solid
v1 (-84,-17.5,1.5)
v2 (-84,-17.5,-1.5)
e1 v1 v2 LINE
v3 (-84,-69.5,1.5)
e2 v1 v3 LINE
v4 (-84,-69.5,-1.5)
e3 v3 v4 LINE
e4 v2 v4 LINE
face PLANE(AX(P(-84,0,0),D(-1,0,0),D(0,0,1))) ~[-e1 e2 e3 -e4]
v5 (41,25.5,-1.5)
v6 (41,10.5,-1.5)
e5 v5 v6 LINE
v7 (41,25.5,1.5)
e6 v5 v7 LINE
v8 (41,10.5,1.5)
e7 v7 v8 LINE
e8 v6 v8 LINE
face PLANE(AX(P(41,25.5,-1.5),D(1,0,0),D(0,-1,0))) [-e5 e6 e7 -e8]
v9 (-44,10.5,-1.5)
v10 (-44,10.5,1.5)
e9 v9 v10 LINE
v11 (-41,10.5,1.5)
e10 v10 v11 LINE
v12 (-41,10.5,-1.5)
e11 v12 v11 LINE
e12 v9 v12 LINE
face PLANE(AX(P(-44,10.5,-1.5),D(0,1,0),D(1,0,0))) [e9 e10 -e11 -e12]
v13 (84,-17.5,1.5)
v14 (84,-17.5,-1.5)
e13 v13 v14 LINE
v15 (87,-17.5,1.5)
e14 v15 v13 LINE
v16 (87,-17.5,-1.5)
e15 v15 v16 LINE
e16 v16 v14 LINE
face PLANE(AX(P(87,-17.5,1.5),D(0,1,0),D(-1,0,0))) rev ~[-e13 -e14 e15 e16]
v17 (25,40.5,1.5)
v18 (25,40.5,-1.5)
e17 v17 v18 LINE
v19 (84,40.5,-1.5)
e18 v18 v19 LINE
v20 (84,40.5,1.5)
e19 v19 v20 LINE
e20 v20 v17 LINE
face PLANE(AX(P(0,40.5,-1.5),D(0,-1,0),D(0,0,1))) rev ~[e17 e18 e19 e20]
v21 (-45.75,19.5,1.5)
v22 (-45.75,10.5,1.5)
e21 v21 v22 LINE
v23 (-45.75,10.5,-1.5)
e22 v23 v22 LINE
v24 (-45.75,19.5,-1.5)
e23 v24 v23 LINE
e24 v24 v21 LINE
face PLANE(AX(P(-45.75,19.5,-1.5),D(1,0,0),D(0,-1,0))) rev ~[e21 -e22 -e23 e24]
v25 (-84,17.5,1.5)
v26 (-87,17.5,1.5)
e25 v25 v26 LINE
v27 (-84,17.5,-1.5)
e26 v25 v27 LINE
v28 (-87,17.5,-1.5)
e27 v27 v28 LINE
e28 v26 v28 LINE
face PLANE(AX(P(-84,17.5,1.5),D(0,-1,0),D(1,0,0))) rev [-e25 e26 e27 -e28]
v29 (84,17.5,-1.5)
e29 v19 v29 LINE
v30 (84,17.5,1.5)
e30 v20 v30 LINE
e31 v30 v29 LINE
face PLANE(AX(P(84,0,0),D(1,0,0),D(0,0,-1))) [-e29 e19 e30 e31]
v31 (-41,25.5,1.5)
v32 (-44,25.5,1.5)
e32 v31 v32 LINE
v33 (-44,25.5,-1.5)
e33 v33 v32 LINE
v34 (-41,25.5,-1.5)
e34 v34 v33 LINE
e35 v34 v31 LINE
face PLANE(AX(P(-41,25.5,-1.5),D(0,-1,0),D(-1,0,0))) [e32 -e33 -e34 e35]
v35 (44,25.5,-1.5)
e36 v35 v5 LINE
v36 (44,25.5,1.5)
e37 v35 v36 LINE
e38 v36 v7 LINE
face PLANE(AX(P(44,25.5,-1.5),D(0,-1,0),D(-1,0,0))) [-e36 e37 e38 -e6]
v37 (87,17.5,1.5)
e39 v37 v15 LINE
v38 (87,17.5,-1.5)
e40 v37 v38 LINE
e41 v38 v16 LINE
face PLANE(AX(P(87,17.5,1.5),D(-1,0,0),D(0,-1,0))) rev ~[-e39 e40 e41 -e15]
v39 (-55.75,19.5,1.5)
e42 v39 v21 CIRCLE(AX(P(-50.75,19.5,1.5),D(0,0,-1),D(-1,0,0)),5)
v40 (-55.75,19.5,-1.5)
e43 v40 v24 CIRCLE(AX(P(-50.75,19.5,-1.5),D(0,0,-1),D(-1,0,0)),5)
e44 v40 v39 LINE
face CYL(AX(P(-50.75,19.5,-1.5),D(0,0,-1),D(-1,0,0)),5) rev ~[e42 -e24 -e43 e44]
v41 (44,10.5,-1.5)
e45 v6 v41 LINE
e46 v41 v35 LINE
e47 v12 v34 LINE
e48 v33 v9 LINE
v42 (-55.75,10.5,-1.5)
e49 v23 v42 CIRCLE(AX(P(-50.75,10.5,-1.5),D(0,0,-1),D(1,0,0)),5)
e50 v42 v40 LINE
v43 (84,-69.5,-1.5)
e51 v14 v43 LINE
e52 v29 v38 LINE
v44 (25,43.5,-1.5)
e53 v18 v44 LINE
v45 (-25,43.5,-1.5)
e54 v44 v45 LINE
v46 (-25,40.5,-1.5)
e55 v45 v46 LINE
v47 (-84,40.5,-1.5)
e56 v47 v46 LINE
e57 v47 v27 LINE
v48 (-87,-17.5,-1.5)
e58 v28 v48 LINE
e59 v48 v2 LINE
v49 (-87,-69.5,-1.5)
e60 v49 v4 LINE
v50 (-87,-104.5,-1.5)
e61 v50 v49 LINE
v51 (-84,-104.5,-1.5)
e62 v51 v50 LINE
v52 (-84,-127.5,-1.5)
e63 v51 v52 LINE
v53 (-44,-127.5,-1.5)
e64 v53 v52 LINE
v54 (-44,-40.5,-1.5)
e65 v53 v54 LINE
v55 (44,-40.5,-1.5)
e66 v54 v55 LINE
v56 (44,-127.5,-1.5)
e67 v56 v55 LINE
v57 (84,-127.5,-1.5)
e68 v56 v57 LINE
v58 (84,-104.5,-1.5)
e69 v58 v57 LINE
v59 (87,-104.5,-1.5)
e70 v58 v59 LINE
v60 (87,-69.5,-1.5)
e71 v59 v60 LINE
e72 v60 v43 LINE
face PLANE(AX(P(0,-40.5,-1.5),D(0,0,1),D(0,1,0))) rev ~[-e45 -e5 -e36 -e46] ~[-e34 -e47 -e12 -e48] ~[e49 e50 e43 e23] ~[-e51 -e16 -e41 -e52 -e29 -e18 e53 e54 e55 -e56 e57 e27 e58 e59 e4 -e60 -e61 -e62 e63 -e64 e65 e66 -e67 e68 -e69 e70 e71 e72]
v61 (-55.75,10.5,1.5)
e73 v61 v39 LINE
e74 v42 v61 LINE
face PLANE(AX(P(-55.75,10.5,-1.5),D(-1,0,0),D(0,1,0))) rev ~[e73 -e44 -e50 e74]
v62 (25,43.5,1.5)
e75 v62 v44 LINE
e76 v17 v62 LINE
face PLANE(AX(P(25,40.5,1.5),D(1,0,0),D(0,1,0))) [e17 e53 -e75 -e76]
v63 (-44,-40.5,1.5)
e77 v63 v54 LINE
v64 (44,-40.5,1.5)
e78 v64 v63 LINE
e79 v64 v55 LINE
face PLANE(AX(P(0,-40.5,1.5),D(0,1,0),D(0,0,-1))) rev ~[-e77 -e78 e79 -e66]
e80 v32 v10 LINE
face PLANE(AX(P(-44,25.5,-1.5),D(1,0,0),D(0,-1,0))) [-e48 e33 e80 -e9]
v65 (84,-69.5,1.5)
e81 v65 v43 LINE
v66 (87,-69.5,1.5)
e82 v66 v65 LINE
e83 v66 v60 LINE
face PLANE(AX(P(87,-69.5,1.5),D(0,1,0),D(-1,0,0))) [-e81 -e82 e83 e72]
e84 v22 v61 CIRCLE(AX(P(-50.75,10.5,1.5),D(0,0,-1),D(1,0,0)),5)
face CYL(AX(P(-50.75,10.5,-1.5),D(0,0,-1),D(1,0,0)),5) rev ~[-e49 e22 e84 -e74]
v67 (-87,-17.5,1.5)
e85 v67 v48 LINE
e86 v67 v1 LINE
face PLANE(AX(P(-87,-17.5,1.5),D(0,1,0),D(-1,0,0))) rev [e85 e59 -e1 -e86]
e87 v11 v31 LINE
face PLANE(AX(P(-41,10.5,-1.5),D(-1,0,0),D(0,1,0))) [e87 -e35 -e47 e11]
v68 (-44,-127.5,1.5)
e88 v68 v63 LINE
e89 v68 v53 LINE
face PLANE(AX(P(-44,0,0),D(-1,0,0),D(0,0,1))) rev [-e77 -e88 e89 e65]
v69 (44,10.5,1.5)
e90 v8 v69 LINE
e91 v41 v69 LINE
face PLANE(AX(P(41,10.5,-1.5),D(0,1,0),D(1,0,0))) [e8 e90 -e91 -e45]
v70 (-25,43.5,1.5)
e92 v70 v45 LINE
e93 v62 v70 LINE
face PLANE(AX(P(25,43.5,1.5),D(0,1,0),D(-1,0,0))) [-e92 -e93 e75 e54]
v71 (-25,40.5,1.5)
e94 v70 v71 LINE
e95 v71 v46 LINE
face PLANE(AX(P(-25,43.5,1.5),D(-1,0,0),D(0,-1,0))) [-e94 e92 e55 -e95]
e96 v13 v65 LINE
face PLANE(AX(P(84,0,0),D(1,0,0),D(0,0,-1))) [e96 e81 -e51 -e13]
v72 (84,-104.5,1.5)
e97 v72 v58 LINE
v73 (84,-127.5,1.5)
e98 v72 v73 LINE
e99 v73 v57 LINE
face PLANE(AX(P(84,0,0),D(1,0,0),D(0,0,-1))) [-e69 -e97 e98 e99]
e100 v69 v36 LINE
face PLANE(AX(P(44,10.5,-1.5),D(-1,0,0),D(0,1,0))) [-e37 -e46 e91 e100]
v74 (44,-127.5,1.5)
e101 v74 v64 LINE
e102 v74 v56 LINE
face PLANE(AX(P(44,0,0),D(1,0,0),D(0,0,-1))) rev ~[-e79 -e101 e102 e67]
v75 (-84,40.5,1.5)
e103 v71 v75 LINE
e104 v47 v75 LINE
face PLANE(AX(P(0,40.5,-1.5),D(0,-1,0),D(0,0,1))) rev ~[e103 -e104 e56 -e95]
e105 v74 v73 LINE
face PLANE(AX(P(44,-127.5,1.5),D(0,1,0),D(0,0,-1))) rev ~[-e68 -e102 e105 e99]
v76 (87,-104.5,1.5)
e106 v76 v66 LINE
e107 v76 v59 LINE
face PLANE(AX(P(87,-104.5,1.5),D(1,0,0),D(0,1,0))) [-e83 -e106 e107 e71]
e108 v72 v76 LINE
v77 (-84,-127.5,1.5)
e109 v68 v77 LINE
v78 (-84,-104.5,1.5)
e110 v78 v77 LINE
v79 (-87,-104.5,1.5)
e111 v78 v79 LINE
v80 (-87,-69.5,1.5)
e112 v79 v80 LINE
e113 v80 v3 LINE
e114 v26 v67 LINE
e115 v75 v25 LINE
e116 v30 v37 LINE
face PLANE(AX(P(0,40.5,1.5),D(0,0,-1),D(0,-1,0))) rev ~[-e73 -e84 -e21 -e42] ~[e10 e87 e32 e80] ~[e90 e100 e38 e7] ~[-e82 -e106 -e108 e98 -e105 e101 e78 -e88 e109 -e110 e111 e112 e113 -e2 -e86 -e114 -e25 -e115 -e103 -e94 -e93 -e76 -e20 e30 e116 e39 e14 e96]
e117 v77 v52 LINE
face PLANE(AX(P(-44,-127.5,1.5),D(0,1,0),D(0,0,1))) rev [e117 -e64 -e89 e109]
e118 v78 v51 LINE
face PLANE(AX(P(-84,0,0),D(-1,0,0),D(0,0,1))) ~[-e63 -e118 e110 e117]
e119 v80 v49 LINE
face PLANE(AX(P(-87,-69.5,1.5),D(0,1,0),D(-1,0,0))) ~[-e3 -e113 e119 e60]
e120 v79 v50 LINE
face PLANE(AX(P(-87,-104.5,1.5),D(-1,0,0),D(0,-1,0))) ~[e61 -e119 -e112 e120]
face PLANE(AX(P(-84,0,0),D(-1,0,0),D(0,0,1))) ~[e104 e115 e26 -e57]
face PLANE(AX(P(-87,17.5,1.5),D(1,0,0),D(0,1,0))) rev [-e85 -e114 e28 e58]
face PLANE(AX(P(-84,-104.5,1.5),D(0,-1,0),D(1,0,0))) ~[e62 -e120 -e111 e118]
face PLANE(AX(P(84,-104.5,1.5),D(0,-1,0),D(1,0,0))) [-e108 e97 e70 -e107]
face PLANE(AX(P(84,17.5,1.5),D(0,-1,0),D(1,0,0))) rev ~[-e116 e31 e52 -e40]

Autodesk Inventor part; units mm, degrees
ref_plane "YZ Plane" through (0, 0, 0) normal (1, 0, 0) x (0, 1, 0)
ref_plane "XZ Plane" through (0, 0, 0) normal (0, 1, 0) x (-1, 0, 0)
ref_plane "XY Plane" through (0, 0, 0) normal (0, 0, 1) x (1, 0, 0)
sketch "Sketch1" plane through (0, 0, 0) normal (1, 0, 0) x (0, 1, 0)
  line L0 (-40.5, -1.5) -> (40.5, -1.5)
  line L1 (40.5, -1.5) -> (40.5, 1.5)
  line L2 (40.5, 1.5) -> (-40.5, 1.5)
  line L3 (-40.5, 1.5) -> (-40.5, -1.5)
  line L4 (-40.5, -1.5) -> (40.5, 1.5) construction
  line L5 (40.5, -1.5) -> (-40.5, 1.5) construction
  point P0 (0, 0)
  point P1 (0, 0)
  point P2 (0, 0)
  dimension "d27" = 3
  dimension "d28" = 81
extrude "Extrusion1" add sketch "Sketch1" along normal mid plane 88
sketch "Sketch2" plane through (44, 0, 0) normal (1, 0, 0) x (0, 0, -1)
  line L0 (1.5, 40.5) -> (-1.5, 40.5) projected
  line L1 (-1.5, 40.5) -> (-1.5, -40.5) projected
  line L2 (-1.5, -40.5) -> (1.5, -40.5) projected
  line L3 (1.5, -40.5) -> (1.5, 40.5) projected
  line L4 (1.5, 40.5) -> (-1.5, 40.5)
  line L5 (-1.5, 40.5) -> (-1.5, -127.5)
  line L6 (-1.5, -127.5) -> (1.5, -127.5)
  line L7 (1.5, -127.5) -> (1.5, 40.5)
  line L8 (-1.5, 40.5) -> (-1.5, -40.5) projected
  point P0 (0, 0)
  dimension "d29" = 168
extrude "Extrusion2" add sketch "Sketch2" along normal blind 40
sketch "Sketch3" plane through (44, -35, 1.5) normal (0, 0, 1) x (1, 0, 0)
  line L0 (-44, 35) -> (111.2969, 35) construction
  line L1 (43, 17.5) -> (40, 17.5)
  line L2 (40, 17.5) -> (40, 52.5)
  line L3 (40, 52.5) -> (43, 52.5)
  line L4 (43, 52.5) -> (43, 17.5)
  line L5 (43, 17.5) -> (40, 52.5) construction
  line L6 (40, 17.5) -> (43, 52.5) construction
  line L7 (40, 75.5) -> (40, -92.5) projected
  line L8 (0, -5.5) -> (0, -92.5) projected
  line L9 (0, -92.5) -> (40, -92.5) projected
  line L10 (40, -92.5) -> (40, 75.5) projected
  line L11 (40, -8.5) -> (0, -8.5) construction
  line L12 (43, -34.5) -> (40, -34.5)
  line L13 (40, -34.5) -> (40, -69.5)
  line L14 (40, -69.5) -> (43, -69.5)
  line L15 (43, -69.5) -> (43, -34.5)
  line L16 (43, -34.5) -> (40, -69.5) construction
  line L17 (40, -34.5) -> (43, -69.5) construction
  point P0 (41.5, 35)
  point P1 (41.5, -52)
  point P2 (40, -34.5)
  point P3 (40, -69.5)
  dimension "d23" = 3
  dimension "d24" = 35
extrude "Extrusion3" add sketch "Sketch3" against normal up to surface (3 mm away)
mirror "Mirror1" about plane through (0, 0, 0) normal (1, 0, 0) of "Extrusion2", "Extrusion3"
sketch "Sketch4" plane through (84, -127.5, -1.5) normal (0, 0, -1) x (-1, 0, 0)
  line L0 (40, 153) -> (43, 153)
  line L1 (43, 153) -> (43, 138)
  line L2 (43, 138) -> (40, 138)
  line L3 (40, 138) -> (40, 153)
  line L4 (40, 20) -> (43, 20)
  line L5 (43, 55) -> (43, 20)
  line L6 (43, 82.6608) -> (43, 55)
  line L7 (40, 82.6608) -> (43, 82.6608)
  line L8 (40, 55) -> (40, 82.6608)
  line L9 (43, 55) -> (40, 55)
  line L10 (40, 20) -> (40, 55)
  line L11 (40, -14.5469) -> (40, 20)
  line L12 (43, -14.5469) -> (40, -14.5469)
  line L13 (43, 20) -> (43, -14.5469)
  line L14 (125, 153) -> (128, 153)
  line L15 (128, 153) -> (128, 138)
  line L16 (128, 138) -> (125, 138)
  line L17 (125, 138) -> (125, 153)
  line L18 (125, 20) -> (128, 20)
  line L19 (128, 55) -> (128, 20)
  line L20 (128, 82.6608) -> (128, 55)
  line L21 (125, 82.6608) -> (128, 82.6608)
  line L22 (125, 55) -> (125, 82.6608)
  line L23 (128, 55) -> (125, 55)
  line L24 (125, 20) -> (125, 55)
  line L25 (125, -14.5469) -> (125, 20)
  line L26 (128, -14.5469) -> (125, -14.5469)
  line L27 (128, 20) -> (128, -14.5469)
  point P0 (84, 127.5)
extrude "Extrusion4" cut sketch "Sketch4" against normal blind 10 contours L0 L1 L2 L3 | L14 L15 L16 L17
sketch "Sketch5" plane through (44, -127.5, -1.5) normal (0, 0, -1) x (-1, 0, 0)
  line L0 (99.9, 138) -> (99.9, 147)
  line L1 (89.6, 147) -> (89.6, 138)
  line L2 (89.6, 138) -> (99.9, 138)
  line L3 (94.75, 147) -> (94.75, 138) construction
  line L4 (89.75, 147) -> (89.75, 138)
  line L5 (99.75, 138) -> (99.75, 147)
  arc A0 (99.75, 147) -> (89.75, 147) centre (94.75, 147) ccw
  arc A1 (89.75, 138) -> (99.75, 138) centre (94.75, 138) ccw
  point P0 (44, 127.5)
  point P1 (94.75, 142.5)
  dimension "d35" = 10
  dimension "d36" = 9
  dimension "d37" = 0.15
  dimension "d38" = 55.9
  dimension "d39" = 10.5
  dimension "d40" = 9
  dimension "d41" = 9
extrude "Extrusion5" cut sketch "Sketch5" against normal blind 10
sketch "Sketch6" plane through (44, -127.5, 1.5) normal (0, 0, 1) x (1, 0, 0)
  line L0 (-69, 165) -> (-19, 165)
  line L1 (-19, 165) -> (-19, 171)
  line L2 (-19, 171) -> (-69, 171)
  line L3 (-69, 171) -> (-69, 165)
  line L4 (40, 168) -> (-128, 168) projected
  line L5 (-69, 165) -> (-19, 171) construction
  line L6 (-19, 165) -> (-69, 171) construction
  point P0 (-44, 127.5)
  point P1 (-44, 168)
  point P2 (-69, 168)
  point P3 (-19, 168)
  dimension "d44" = 50
  dimension "d45" = 6
extrude "Extrusion6" add sketch "Sketch6" against normal up to surface (3 mm away) contours L3 L2 L1 L4
properties part number "Suelo"
